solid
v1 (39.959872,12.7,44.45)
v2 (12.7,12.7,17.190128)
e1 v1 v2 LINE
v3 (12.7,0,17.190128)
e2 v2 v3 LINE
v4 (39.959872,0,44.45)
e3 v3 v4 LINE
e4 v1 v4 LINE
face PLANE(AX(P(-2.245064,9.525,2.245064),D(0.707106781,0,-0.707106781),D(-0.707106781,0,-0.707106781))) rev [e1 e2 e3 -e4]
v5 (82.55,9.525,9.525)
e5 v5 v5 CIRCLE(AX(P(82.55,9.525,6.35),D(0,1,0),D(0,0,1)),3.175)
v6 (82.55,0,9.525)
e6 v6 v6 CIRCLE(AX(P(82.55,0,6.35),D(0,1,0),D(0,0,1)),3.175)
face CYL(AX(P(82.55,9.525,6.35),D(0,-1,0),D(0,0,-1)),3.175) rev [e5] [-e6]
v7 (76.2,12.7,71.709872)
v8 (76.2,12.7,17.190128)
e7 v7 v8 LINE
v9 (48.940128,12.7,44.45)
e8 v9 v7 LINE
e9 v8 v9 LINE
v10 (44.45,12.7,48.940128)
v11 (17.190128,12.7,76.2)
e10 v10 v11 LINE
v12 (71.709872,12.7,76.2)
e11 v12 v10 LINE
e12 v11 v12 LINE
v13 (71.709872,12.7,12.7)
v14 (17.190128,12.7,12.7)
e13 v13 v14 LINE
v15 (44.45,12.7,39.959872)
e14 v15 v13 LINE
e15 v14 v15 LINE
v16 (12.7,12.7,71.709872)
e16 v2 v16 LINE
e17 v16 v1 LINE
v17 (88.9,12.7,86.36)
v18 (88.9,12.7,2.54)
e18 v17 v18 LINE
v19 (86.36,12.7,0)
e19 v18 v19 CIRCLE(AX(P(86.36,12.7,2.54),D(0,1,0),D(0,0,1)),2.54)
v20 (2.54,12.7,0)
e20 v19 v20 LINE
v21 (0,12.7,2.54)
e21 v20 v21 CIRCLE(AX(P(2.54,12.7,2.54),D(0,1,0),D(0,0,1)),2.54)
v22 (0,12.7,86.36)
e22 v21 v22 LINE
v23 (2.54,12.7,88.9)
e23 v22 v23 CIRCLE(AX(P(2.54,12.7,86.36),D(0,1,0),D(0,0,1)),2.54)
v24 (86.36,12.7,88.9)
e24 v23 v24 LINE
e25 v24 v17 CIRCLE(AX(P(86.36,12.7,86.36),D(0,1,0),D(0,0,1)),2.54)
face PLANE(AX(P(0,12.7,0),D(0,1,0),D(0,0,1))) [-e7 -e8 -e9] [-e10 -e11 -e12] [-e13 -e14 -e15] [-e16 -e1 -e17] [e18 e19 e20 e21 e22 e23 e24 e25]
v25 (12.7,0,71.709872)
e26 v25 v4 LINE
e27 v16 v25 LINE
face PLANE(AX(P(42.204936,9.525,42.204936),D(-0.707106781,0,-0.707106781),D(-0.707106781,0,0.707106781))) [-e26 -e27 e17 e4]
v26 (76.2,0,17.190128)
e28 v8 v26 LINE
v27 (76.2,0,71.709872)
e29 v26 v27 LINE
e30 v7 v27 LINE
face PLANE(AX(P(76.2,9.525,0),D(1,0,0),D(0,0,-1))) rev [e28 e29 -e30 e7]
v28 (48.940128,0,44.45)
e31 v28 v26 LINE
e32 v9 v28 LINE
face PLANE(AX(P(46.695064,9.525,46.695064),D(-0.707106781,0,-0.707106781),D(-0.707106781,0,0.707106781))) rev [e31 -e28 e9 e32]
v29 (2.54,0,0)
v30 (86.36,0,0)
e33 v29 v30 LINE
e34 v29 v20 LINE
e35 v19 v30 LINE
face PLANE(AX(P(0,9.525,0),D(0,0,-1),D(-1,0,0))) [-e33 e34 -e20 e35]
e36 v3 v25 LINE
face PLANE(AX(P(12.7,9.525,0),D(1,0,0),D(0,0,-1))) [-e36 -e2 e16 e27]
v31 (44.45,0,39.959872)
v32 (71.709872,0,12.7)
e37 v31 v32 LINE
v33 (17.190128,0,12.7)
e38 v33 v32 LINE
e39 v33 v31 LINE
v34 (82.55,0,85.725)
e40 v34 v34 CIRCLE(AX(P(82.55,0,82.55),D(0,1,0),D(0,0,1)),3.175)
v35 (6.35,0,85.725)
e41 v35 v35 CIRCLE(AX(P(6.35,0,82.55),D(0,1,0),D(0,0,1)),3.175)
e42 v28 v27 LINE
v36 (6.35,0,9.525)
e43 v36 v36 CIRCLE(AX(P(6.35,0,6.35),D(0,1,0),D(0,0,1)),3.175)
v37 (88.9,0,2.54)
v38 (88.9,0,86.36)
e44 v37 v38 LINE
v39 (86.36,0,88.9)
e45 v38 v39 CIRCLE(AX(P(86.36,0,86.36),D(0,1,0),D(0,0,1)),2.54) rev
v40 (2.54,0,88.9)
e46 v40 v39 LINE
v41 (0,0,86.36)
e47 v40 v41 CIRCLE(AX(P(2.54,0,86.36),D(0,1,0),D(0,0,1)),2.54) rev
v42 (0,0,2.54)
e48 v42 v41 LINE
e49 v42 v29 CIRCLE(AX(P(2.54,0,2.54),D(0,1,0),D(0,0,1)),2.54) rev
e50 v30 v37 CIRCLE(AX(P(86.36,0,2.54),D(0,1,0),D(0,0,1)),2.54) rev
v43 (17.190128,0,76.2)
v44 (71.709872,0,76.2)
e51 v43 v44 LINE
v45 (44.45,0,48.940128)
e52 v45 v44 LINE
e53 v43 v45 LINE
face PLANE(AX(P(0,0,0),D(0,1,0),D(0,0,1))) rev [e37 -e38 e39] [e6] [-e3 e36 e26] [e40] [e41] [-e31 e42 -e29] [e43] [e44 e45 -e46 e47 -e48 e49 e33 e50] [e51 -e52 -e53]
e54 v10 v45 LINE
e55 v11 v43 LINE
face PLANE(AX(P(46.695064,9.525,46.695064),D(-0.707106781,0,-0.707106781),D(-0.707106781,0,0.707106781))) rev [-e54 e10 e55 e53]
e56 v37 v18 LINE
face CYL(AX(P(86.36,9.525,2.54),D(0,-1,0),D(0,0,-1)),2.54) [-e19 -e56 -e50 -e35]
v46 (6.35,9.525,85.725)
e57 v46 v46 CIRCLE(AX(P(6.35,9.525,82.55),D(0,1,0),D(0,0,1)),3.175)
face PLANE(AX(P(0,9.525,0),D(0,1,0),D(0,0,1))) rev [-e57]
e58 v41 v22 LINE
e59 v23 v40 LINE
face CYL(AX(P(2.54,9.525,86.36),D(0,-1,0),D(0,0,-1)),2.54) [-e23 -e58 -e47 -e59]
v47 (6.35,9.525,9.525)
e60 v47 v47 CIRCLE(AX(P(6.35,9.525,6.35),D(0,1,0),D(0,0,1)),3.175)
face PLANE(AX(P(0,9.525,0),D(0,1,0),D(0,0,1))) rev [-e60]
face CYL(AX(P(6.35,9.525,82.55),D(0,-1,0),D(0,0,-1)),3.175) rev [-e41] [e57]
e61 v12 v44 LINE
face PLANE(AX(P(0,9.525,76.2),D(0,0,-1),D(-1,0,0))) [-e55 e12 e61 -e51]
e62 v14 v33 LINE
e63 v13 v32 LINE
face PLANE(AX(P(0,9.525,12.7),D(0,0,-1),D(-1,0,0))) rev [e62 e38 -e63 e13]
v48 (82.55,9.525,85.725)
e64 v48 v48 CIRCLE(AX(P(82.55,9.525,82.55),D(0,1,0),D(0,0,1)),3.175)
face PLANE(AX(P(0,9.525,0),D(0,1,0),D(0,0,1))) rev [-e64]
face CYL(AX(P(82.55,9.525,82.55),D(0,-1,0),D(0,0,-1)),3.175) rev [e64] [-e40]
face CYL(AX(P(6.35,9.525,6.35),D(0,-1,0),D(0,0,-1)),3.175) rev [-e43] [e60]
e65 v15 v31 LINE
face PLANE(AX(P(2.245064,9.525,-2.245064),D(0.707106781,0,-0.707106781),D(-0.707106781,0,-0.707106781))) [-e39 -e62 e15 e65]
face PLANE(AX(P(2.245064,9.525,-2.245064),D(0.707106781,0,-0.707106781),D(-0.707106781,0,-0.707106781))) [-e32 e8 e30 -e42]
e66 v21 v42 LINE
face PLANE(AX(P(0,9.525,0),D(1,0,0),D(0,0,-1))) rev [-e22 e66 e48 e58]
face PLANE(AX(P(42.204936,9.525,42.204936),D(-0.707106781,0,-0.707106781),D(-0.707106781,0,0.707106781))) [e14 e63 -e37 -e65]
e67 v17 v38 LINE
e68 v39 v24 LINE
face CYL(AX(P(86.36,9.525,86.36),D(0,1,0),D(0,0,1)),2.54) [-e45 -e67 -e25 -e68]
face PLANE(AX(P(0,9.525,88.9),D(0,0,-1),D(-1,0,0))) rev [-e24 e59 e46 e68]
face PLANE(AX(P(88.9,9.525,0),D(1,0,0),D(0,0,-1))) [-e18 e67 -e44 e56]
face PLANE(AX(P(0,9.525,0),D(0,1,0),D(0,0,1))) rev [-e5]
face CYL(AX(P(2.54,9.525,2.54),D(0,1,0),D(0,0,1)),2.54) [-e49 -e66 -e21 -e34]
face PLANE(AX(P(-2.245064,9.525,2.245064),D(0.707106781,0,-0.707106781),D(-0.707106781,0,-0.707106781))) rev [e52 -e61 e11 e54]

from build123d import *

# Parameters (mm, degrees)
SKETCH1_W           = 88.9
SKETCH1_H           = 88.9
SKETCH1_R           = 3.175
BOSS_EXTRUDE1_DEPTH = 9.525
SKETCH2_W           = 88.9
SKETCH2_H           = 88.9
BOSS_EXTRUDE2_DEPTH = 3.175
FILLET1_R           = 2.54


with BuildPart() as part:
    # Sketch1 → Boss-Extrude1 (new body)
    with BuildSketch(Plane(origin=(0, 0, 0), x_dir=(1, 0, 0), z_dir=(0, 1, 0))):
        with Locations((44.45, -44.45)):
            Rectangle(SKETCH1_W, SKETCH1_H)
        with Locations((6.35, -82.55)):
            Circle(SKETCH1_R, mode=Mode.SUBTRACT)
        with Locations((82.55, -82.55)):
            Circle(SKETCH1_R, mode=Mode.SUBTRACT)
        Polygon((71.709871939, -76.2), (17.190128061, -76.2), (44.45, -48.940128061), align=None, mode=Mode.SUBTRACT)
        Polygon((12.7, -71.709871939), (12.7, -17.190128061), (39.959871939, -44.45), align=None, mode=Mode.SUBTRACT)
        Polygon((44.45, -39.959871939), (17.190128061, -12.7), (71.709871939, -12.7), align=None, mode=Mode.SUBTRACT)
        with Locations((6.35, -6.35)):
            Circle(SKETCH1_R, mode=Mode.SUBTRACT)
        Polygon((48.940128061, -44.45), (76.2, -17.190128061), (76.2, -71.709871939), align=None, mode=Mode.SUBTRACT)
        with Locations((82.55, -6.35)):
            Circle(SKETCH1_R, mode=Mode.SUBTRACT)
    extrude(amount=BOSS_EXTRUDE1_DEPTH)

    # Sketch2 → Boss-Extrude2 (add)
    with BuildSketch(Plane(origin=(0, 9.525, 0), x_dir=(1, 0, 0), z_dir=(0, 1, 0))):
        with Locations((44.45, -44.45)):
            Rectangle(SKETCH2_W, SKETCH2_H)
        Polygon((44.45, -48.940128061), (71.709871939, -76.2), (17.190128061, -76.2), align=None, mode=Mode.SUBTRACT)
        Polygon((76.2, -17.190128061), (76.2, -71.709871939), (48.940128061, -44.45), align=None, mode=Mode.SUBTRACT)
        Polygon((44.45, -39.959871939), (71.709871939, -12.7), (17.190128061, -12.7), align=None, mode=Mode.SUBTRACT)
        Polygon((12.7, -71.709871939), (39.959871939, -44.45), (12.7, -17.190128061), align=None, mode=Mode.SUBTRACT)
    extrude(amount=BOSS_EXTRUDE2_DEPTH)

    # Fillet1
    fillet1_edges = [part.edges().sort_by_distance(p)[0] for p in [
        (88.9, 6.35, 88.9),
        (0, 6.35, 88.9),
        (0, 6.35, 0),
        (88.9, 6.35, 0),
    ]]
    fillet(fillet1_edges, radius=FILLET1_R)


solid = part.part
